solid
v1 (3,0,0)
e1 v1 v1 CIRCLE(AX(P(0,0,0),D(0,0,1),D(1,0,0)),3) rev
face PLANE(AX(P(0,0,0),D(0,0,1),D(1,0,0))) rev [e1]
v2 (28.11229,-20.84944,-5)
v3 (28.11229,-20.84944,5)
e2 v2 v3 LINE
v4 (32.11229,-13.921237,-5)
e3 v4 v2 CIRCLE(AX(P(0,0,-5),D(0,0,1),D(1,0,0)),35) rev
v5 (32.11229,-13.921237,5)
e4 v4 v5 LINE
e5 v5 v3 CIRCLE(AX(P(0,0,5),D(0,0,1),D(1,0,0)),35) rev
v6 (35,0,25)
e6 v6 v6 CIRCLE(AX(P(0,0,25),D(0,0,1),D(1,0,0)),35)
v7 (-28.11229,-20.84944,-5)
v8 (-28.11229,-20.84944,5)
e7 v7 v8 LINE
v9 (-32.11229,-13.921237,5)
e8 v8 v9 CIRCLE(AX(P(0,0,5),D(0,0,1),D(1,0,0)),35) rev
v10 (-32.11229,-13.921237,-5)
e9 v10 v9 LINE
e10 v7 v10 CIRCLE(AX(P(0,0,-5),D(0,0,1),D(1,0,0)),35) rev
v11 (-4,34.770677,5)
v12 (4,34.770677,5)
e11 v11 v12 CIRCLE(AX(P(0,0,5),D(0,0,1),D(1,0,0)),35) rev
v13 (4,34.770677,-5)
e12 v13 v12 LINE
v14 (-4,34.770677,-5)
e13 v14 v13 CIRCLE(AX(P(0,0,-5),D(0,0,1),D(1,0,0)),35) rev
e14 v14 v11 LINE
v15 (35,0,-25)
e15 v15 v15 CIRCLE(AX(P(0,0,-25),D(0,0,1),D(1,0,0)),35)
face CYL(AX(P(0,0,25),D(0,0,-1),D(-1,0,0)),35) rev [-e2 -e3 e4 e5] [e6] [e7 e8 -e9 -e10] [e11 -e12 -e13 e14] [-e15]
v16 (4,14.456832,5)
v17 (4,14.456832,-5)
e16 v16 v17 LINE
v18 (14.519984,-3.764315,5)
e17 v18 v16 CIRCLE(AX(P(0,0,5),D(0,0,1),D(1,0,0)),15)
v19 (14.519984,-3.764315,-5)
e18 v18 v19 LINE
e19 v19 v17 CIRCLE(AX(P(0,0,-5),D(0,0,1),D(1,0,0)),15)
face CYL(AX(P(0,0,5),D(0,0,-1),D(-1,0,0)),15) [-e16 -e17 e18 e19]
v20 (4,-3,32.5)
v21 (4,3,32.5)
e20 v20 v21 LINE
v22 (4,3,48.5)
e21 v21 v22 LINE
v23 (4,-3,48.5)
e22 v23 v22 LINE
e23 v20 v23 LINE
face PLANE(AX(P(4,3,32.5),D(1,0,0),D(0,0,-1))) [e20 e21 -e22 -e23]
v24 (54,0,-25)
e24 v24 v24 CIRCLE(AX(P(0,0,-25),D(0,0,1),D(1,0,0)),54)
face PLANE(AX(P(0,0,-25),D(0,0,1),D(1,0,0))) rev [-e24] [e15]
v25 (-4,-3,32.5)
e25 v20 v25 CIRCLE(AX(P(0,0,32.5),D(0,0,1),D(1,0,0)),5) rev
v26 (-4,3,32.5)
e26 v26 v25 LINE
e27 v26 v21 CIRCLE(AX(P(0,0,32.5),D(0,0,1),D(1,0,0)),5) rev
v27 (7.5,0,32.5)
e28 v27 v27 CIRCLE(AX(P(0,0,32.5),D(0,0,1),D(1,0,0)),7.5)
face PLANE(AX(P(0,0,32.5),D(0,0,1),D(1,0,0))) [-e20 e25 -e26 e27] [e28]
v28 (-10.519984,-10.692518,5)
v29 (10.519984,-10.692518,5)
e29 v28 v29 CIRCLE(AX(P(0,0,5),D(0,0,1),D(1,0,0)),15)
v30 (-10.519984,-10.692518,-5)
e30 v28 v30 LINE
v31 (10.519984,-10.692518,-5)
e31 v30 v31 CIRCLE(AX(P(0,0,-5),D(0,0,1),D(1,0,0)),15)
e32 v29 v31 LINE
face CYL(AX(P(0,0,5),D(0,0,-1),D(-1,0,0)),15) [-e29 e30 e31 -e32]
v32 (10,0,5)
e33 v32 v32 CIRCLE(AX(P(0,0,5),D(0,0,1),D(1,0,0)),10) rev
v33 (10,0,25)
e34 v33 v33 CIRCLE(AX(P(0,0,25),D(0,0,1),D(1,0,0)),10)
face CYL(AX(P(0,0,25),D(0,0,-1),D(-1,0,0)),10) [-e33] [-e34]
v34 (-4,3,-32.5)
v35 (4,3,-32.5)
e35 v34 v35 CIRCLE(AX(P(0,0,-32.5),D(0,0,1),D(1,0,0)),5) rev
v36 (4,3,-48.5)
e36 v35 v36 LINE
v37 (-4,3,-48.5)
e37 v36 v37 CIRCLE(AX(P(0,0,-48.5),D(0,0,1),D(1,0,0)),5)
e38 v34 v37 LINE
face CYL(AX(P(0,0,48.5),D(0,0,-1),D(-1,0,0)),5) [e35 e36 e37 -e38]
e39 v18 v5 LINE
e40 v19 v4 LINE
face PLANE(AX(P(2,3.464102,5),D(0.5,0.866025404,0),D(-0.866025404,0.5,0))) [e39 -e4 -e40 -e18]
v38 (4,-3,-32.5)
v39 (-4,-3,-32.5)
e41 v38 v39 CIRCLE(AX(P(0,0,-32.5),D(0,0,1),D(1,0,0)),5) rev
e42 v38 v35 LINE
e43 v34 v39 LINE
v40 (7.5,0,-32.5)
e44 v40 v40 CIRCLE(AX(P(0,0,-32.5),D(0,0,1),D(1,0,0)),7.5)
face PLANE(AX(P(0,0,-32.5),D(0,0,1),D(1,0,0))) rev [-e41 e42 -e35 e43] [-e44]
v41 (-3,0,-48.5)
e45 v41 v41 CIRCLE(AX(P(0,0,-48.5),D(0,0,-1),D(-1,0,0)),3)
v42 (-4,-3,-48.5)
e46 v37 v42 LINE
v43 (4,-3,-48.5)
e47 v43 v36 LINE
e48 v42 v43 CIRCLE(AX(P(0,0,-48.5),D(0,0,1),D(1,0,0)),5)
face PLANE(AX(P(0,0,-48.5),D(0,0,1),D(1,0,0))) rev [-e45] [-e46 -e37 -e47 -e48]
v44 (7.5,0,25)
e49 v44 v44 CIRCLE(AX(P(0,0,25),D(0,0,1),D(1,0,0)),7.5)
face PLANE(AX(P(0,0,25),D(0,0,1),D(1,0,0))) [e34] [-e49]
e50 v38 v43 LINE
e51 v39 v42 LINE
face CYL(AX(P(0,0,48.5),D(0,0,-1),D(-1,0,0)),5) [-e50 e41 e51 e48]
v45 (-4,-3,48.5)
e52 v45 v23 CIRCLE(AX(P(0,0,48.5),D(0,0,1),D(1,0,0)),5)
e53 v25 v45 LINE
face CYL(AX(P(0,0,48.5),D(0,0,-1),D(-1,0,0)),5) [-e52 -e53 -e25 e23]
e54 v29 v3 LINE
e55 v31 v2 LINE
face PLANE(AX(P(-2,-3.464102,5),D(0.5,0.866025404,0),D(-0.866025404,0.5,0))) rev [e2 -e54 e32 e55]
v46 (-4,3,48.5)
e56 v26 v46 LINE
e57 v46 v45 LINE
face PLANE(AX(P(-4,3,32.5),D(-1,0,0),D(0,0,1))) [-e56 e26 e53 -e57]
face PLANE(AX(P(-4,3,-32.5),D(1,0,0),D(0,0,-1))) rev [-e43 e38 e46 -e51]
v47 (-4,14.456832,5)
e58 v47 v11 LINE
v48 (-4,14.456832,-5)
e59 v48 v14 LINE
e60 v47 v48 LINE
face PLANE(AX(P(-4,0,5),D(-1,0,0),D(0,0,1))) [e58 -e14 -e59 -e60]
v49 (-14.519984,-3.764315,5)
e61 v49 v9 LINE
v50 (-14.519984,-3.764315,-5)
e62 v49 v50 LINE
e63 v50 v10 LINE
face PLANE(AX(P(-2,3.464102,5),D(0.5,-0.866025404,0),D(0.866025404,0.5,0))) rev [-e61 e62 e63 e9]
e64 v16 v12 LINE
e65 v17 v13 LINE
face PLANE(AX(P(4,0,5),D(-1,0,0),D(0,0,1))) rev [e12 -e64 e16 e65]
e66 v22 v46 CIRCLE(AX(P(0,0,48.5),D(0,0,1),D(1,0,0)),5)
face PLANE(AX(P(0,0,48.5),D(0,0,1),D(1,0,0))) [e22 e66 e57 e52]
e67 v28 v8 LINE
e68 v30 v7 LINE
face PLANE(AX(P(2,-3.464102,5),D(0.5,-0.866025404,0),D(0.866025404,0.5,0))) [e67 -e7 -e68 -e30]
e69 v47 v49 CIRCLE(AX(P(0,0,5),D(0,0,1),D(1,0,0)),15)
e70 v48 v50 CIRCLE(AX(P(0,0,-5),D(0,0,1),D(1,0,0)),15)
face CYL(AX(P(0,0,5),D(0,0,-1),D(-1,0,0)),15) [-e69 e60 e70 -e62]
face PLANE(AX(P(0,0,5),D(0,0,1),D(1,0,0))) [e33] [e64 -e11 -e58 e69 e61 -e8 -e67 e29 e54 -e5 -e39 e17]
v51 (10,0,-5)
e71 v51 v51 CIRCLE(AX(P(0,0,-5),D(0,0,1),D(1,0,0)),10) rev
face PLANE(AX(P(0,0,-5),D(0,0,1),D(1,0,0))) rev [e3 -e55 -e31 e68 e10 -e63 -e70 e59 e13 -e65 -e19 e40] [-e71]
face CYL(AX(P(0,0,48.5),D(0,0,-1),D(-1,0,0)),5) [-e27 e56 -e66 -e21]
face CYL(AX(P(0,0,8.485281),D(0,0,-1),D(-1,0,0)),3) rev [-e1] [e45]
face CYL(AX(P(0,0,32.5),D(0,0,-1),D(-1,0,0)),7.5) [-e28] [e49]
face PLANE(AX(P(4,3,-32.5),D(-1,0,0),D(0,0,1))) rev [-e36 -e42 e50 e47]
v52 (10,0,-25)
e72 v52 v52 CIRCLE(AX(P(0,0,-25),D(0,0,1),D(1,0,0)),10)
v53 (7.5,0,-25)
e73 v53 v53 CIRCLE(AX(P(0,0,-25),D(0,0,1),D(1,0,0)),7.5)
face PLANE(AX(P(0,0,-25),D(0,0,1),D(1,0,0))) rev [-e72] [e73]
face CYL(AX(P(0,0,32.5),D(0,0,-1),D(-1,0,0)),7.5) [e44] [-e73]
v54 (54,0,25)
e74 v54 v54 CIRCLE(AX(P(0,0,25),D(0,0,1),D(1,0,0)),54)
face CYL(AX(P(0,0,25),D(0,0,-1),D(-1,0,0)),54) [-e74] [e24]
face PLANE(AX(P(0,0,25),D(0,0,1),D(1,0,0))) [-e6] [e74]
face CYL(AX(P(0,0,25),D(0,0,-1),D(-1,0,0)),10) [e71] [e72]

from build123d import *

# Parameters (mm, degrees)
SKETCH1_R           = 7.5
BOSS_EXTRUDE1_DEPTH = 32.5
SKETCH3_R           = 5
BOSS_EXTRUDE3_DEPTH = 48.5
SKETCH4_R           = 54
SKETCH4_R_2         = 35
BOSS_EXTRUDE4_DEPTH = 25
SKETCH5_R           = 15
SKETCH5_W           = 8
SKETCH5_H           = 20.543167705
BOSS_EXTRUDE5_DEPTH = 5
SKETCH6_R           = 10
BOSS_EXTRUDE6_DEPTH = 25
SKETCH7_W           = 1
SKETCH7_H           = 6
CUT_EXTRUDE1_DEPTH  = 16
CUT_EXTRUDE2_START  = -48.5
SKETCH8_R           = 3
CUT_EXTRUDE2_DEPTH  = 48.5


with BuildPart() as part:
    # Sketch1 → Boss-Extrude1 (new, symmetric)
    with BuildSketch(Plane.XY):
        Circle(SKETCH1_R)
    extrude(amount=BOSS_EXTRUDE1_DEPTH, both=True)

    # Sketch3 → Boss-Extrude3 (add, symmetric)
    with BuildSketch(Plane.XY):
        with Locations(Location((0, 0, 0), (0, 0, 180))):
            Circle(SKETCH3_R)
    extrude(amount=BOSS_EXTRUDE3_DEPTH, both=True)



with BuildPart() as body_2:
    # Sketch4 → Boss-Extrude4 (new, symmetric)
    with BuildSketch(Plane.XY):
        Circle(SKETCH4_R)
        Circle(SKETCH4_R_2, mode=Mode.SUBTRACT)
    extrude(amount=BOSS_EXTRUDE4_DEPTH, both=True)


with BuildPart() as part_1:
    add(part.part)

    add(body_2.part)  # Boss-Extrude5 merges body 2
    # Sketch5 → Boss-Extrude5 (add, symmetric)
    with BuildSketch(Plane.XY):
        Circle(SKETCH5_R)
        Polygon((14.519984026, -3.764314532), (10.519984026, -10.692517763), (28.310889132, -20.964101615), (32.310889132, -14.035898385), align=None)
        with Locations((0, 24.728416147)):
            Rectangle(SKETCH5_W, SKETCH5_H)
        Polygon((-10.519984026, -10.692517763), (-14.519984026, -3.764314532), (-32.310889132, -14.035898385), (-28.310889132, -20.964101615), align=None)
    extrude(amount=BOSS_EXTRUDE5_DEPTH, both=True)

    # Sketch6 → Boss-Extrude6 (add, symmetric)
    with BuildSketch(Plane.XY):
        Circle(SKETCH6_R)
    extrude(amount=BOSS_EXTRUDE6_DEPTH, both=True)

    # Sketch7 → Cut-Extrude1 (cut)
    with BuildSketch(Plane(origin=(0, 0, -48.5), x_dir=(-1, 0, 0), z_dir=(0, 0, -1))):
        with Locations((4.5, 0)):
            Rectangle(SKETCH7_W, SKETCH7_H)
        with Locations((-4.5, 0)):
            Rectangle(SKETCH7_W, SKETCH7_H)
    cut_extrude1 = extrude(amount=-CUT_EXTRUDE1_DEPTH, mode=Mode.SUBTRACT)

    # Mirror1: Cut-Extrude1 across plane
    add(cut_extrude1.mirror(Plane.XY), mode=Mode.SUBTRACT)

    # Sketch8 → Cut-Extrude2 (cut)
    with BuildSketch(Plane(origin=(0, 0, -48.5), x_dir=(-1, 0, 0), z_dir=(0, 0, -1)).offset(CUT_EXTRUDE2_START)):
        Circle(SKETCH8_R)
    extrude(amount=CUT_EXTRUDE2_DEPTH, mode=Mode.SUBTRACT)


solid = part_1.part
